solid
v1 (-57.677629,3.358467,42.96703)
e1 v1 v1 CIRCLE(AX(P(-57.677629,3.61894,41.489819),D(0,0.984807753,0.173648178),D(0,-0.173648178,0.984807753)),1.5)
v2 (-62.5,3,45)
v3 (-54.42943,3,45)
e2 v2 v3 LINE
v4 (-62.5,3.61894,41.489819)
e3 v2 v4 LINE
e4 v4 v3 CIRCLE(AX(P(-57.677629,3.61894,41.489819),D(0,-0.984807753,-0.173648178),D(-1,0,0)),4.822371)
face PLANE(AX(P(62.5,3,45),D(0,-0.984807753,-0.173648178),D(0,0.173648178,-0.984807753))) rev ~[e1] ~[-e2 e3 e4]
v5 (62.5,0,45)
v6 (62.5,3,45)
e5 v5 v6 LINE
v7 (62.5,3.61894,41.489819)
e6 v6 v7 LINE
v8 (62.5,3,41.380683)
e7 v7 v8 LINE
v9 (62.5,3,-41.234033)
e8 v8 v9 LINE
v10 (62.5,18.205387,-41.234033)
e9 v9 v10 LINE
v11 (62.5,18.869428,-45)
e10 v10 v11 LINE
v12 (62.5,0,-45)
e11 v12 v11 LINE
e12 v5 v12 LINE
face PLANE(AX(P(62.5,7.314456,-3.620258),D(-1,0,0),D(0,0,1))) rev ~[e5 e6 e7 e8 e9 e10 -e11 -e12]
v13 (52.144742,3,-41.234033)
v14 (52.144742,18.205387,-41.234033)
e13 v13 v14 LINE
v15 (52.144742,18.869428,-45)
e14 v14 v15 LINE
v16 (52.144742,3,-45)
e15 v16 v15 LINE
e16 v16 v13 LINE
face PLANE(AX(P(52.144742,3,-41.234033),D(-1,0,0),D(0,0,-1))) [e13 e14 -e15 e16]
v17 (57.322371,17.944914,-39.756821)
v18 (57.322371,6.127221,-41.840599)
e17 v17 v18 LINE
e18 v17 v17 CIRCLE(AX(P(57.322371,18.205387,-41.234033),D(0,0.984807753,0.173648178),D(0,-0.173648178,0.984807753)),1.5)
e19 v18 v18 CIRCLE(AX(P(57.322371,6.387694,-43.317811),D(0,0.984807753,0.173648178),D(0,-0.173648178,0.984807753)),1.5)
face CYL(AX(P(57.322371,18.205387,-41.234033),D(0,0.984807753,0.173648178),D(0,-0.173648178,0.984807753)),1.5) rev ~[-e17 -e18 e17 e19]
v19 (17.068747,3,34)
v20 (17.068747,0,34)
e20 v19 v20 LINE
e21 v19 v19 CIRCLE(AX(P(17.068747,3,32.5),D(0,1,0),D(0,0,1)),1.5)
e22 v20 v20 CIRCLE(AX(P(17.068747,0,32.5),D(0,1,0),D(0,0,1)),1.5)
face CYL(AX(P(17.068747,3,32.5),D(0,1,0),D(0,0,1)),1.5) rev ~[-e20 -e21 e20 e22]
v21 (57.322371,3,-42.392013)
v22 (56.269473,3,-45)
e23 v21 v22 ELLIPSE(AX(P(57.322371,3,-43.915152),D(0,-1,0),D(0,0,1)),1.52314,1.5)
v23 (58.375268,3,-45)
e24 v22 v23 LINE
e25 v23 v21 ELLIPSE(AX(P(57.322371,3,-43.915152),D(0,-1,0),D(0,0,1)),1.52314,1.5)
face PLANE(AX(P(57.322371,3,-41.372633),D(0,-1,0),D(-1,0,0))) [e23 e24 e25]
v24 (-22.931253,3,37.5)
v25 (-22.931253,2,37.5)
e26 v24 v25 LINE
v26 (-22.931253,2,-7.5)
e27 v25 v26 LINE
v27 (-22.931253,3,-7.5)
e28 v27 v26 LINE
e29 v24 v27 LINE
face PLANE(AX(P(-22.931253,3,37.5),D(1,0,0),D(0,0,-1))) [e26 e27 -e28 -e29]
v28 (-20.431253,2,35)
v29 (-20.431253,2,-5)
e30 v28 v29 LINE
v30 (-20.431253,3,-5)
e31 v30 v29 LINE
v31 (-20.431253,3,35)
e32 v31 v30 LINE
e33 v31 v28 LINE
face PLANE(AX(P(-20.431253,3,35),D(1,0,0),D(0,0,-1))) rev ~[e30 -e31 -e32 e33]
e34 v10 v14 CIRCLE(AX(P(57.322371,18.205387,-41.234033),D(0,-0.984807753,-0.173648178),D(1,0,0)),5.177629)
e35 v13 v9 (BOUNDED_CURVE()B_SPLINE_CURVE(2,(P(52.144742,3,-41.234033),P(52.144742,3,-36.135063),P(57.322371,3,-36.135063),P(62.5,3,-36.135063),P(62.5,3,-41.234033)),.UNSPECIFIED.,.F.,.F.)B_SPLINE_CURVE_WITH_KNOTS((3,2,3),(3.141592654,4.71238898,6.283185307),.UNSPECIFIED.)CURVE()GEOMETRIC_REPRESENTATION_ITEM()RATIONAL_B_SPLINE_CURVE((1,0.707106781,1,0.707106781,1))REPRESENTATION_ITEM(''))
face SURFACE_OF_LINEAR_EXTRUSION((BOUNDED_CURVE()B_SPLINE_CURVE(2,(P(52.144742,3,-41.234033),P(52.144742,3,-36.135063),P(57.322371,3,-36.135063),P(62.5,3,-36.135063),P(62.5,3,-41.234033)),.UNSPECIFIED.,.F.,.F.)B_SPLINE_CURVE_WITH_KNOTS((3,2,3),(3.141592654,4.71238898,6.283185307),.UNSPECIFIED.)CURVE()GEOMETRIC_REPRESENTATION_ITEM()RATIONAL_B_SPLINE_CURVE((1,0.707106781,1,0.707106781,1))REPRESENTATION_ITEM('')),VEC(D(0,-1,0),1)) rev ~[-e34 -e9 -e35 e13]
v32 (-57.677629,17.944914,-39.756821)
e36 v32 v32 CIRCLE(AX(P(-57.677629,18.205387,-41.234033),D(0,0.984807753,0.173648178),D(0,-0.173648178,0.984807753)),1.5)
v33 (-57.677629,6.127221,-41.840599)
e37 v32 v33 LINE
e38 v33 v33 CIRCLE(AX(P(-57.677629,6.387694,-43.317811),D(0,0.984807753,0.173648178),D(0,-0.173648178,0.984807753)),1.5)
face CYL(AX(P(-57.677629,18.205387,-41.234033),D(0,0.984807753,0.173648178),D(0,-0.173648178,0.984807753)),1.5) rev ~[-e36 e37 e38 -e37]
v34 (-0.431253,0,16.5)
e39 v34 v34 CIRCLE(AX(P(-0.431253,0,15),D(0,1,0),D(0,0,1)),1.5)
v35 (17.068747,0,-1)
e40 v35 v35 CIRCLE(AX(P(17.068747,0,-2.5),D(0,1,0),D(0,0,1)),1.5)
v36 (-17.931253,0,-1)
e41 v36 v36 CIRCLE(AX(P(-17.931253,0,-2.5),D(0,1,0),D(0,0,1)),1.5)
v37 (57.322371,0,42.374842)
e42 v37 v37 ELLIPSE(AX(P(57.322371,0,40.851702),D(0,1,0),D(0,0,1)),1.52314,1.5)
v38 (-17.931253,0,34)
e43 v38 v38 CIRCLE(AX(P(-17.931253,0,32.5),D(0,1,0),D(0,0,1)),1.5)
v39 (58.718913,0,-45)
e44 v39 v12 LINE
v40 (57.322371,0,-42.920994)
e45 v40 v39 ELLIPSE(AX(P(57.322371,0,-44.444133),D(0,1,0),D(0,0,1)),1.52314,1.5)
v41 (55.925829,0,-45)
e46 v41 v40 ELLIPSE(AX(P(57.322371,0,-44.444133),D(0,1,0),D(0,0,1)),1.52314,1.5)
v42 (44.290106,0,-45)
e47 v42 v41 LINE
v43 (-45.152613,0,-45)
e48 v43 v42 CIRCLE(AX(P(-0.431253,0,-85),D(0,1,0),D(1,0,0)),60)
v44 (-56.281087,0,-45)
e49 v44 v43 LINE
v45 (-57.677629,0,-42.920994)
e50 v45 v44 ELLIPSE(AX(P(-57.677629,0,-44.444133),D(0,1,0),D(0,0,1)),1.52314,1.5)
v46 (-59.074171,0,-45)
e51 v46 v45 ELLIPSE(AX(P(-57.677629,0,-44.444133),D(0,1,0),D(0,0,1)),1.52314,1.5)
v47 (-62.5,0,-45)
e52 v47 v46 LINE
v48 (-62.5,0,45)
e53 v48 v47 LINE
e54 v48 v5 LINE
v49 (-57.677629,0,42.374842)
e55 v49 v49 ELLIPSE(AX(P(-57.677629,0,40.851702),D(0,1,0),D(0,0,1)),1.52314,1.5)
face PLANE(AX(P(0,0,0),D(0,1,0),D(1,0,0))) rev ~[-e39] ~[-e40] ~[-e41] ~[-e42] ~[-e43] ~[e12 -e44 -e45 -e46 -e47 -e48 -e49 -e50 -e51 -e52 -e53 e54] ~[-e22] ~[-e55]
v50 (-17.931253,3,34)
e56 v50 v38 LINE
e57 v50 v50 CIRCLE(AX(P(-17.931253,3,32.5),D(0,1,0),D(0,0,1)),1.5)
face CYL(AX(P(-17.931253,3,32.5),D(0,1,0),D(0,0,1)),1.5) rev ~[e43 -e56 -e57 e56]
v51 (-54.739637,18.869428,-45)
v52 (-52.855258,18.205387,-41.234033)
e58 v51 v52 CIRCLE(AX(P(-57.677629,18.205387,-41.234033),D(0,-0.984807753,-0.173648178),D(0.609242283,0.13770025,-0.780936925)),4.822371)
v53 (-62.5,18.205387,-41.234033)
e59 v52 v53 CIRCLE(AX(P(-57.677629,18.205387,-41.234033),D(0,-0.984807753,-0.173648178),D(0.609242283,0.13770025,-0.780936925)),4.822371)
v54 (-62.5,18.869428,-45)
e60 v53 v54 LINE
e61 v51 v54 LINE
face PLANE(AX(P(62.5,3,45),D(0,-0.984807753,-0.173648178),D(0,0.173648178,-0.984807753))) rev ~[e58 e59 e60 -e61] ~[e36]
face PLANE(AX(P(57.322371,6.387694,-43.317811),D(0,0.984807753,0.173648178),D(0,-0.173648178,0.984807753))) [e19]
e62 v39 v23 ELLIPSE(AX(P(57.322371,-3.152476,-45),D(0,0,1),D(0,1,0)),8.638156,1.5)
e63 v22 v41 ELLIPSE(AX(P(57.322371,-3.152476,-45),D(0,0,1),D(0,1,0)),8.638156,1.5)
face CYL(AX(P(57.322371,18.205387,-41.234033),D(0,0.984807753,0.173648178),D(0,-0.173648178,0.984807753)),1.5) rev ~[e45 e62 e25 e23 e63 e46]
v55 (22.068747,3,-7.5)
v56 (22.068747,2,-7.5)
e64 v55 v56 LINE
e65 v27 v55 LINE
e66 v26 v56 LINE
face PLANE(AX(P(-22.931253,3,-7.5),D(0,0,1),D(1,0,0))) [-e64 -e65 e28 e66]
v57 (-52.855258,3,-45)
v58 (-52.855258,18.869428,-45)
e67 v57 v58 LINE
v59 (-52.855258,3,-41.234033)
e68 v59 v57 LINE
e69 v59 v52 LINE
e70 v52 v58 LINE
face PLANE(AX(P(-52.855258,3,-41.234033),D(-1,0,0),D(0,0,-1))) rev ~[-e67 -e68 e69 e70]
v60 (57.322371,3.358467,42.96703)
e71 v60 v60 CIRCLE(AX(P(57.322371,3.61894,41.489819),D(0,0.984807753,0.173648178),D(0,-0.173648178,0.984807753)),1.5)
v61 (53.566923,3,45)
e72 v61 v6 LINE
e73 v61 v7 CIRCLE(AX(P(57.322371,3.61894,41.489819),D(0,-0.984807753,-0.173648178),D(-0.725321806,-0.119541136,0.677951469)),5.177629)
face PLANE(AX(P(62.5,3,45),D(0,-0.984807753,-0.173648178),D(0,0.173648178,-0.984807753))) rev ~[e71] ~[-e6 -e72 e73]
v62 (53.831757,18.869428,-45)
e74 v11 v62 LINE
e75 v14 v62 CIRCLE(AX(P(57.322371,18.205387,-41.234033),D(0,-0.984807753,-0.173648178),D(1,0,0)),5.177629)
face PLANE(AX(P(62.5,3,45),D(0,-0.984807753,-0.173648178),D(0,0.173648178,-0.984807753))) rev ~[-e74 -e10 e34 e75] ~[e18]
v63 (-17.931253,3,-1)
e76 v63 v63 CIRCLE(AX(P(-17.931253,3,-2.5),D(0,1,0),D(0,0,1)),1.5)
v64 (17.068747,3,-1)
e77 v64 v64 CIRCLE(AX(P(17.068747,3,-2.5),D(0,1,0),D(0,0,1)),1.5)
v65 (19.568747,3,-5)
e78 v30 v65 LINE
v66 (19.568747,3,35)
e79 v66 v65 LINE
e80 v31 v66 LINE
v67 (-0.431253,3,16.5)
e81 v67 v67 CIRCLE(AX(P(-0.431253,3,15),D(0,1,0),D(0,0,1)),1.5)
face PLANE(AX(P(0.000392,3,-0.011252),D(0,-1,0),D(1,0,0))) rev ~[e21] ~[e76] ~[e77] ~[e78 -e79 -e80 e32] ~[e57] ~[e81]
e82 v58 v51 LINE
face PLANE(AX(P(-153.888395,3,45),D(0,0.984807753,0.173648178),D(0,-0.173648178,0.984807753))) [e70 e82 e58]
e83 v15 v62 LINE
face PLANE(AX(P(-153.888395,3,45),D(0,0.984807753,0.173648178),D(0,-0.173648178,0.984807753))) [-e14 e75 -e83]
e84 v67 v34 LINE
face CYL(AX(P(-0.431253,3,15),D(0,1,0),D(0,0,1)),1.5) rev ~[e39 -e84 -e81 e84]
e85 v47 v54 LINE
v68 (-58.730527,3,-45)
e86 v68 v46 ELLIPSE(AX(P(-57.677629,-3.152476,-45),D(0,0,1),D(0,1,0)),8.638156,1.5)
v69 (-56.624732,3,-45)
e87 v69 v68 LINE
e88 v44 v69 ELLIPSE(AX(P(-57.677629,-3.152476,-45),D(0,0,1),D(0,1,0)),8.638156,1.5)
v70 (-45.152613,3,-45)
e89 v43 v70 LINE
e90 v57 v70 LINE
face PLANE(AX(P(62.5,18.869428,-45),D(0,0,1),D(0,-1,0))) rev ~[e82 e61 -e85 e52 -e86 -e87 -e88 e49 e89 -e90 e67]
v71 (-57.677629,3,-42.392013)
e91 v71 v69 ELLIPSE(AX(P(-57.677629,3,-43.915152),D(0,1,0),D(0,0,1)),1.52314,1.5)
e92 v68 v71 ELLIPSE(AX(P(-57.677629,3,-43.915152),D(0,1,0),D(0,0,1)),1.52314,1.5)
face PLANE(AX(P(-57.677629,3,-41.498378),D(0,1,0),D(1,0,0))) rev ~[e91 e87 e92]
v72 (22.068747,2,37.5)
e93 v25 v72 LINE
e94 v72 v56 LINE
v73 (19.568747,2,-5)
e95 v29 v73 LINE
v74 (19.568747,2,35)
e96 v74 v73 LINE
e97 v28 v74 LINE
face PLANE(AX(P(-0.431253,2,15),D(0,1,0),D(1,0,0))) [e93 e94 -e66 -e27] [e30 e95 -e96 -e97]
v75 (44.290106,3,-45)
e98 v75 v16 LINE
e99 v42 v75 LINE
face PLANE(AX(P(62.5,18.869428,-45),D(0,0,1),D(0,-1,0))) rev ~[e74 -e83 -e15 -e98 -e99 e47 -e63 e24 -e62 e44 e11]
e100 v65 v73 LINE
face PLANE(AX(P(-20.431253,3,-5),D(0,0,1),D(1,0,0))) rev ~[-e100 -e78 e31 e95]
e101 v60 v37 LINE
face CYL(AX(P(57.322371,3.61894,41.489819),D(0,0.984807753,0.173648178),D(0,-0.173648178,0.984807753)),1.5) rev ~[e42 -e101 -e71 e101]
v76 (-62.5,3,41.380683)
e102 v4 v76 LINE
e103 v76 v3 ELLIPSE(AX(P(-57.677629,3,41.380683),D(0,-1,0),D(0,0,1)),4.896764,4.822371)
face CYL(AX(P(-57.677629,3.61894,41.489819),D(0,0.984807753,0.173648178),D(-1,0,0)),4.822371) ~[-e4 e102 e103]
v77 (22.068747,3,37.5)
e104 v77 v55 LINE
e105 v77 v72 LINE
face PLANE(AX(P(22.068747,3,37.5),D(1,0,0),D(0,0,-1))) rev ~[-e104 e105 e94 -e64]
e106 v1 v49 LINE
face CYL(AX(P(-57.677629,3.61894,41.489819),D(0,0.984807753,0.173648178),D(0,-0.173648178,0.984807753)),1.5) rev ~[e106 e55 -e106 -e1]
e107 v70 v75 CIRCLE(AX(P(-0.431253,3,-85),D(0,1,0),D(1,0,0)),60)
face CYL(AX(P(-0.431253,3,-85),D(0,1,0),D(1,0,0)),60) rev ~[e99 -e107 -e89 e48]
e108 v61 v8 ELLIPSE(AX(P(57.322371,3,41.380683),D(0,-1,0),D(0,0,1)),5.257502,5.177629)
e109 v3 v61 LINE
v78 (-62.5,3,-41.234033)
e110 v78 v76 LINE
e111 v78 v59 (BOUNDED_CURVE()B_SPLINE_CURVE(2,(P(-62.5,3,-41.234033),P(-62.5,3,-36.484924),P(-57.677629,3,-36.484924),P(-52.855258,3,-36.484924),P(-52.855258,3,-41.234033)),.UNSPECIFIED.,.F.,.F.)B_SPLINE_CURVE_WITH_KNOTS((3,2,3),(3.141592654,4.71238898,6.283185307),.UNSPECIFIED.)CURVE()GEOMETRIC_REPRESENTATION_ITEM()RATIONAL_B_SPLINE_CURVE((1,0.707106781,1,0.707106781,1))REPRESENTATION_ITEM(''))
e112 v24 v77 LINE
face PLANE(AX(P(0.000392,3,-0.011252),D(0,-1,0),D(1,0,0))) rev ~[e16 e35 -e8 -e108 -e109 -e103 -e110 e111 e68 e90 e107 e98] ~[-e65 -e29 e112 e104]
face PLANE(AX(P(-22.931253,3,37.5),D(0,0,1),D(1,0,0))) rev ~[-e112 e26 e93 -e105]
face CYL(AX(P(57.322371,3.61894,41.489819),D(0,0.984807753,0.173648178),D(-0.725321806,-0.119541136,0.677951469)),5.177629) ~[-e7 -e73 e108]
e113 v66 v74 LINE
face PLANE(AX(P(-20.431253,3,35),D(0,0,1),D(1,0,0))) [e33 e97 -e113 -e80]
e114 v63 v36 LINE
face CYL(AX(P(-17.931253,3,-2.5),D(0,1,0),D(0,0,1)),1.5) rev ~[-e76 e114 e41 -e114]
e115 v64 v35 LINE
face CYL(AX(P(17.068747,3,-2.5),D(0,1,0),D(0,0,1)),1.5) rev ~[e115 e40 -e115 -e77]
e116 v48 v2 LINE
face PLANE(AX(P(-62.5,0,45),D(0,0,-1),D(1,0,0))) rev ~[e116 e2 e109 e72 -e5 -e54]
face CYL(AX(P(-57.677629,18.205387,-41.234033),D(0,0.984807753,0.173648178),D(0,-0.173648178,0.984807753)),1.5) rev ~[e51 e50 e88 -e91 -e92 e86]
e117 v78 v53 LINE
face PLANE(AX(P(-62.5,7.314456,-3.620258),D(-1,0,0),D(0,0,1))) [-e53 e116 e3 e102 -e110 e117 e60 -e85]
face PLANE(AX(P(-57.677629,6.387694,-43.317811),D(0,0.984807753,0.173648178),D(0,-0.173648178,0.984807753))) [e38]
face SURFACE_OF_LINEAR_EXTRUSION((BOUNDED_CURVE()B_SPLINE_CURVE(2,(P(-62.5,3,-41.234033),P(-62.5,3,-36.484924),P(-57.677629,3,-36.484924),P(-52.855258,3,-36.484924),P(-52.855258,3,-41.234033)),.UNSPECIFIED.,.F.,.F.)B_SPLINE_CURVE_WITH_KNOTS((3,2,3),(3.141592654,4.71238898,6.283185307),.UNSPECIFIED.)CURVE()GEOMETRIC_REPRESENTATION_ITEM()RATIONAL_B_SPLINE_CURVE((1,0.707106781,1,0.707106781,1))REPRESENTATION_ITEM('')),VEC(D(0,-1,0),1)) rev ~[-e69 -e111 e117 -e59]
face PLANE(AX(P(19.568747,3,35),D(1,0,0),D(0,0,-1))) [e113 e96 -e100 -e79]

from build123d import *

# Parameters (mm, degrees)
SKETCH_1_W                        = 125
SKETCH_1_H                        = 90
EXTRUDE_1_DEPTH                   = 3
EXTRUDE_2_DEPTH                   = 125
SKETCH_4_R                        = 1.5
CUT_EXTRUDE_1_DEPTH               = 79.83849136
CUT_EXTRUDE_2_REACH               = 83.838
CUT_EXTRUDE_2_OFFSET_FROM_SURFACE = 3
SKETCH_7_R                        = 1.5
CUT_EXTRUDE_3_DEPTH               = 79.632618889
SKETCH_8_W                        = 45
SKETCH_8_H                        = 45
SKETCH_8_W_2                      = 40
SKETCH_8_H_2                      = 40
CUT_EXTRUDE_4_DEPTH               = 1
EXTRUDE_5_REACH                   = 80.633
SKETCH_13_R                       = 1.5
CUT_EXTRUDE_6_DEPTH               = 12
SKETCH_14_R                       = 60
CUT_EXTRUDE_11_DEPTH              = 10


with BuildPart() as part:
    # 草图1 → 凸台-拉伸1 (new body)
    with BuildSketch(Plane(origin=(0, 0, 0), x_dir=(1, 0, 0), z_dir=(0, 1, 0))):
        Rectangle(SKETCH_1_W, SKETCH_1_H)
    extrude(amount=EXTRUDE_1_DEPTH)

    # 草图3 → 凸台-拉伸2 (add)
    with BuildSketch(Plane(origin=(62.5, 0, 0), x_dir=(0, 0, -1), z_dir=(1, 0, 0))):
        Polygon((-45, 3), (45, 18.869428264), (45, 3), align=None)
    extrude(amount=-EXTRUDE_2_DEPTH)

    # 草图4 → 切除-拉伸1 (cut, through all)
    with BuildSketch(Plane(origin=(0, 10.604992156, 1.869946247), x_dir=(1, 0, 0), z_dir=(0, 0.9848077530122079, 0.1736481776669313))):
        with Locations(Location((-57.677629218, 43.768927189, 0), (0, 0, 270))):
            Circle(SKETCH_4_R)
        with Locations(Location((-57.677629218, -40.231072811, 0), (0, 0, 270))):
            Circle(SKETCH_4_R)
        with Locations(Location((57.322370782, -40.231072811, 0), (0, 0, 270))):
            Circle(SKETCH_4_R)
        with Locations(Location((57.322370782, 43.768927189, 0), (0, 0, 270))):
            Circle(SKETCH_4_R)
    extrude(amount=-CUT_EXTRUDE_1_DEPTH, mode=Mode.SUBTRACT)

    # 切除-拉伸2: up to this face of the body (flat: up to its plane, moved by the offset)
    cut_extrude_2_end = Plane(part.part.faces().sort_by_distance((0.00039232, 0, -0.011252097))[0]).offset(-CUT_EXTRUDE_2_OFFSET_FROM_SURFACE)
    # 草图6 → 切除-拉伸2 (cut, up to the picked face)
    with BuildSketch(Plane(origin=(0, 10.604992156, 1.869946247), x_dir=(1, 0, 0), z_dir=(0, 0.9848077530122079, 0.1736481776669313)), mode=Mode.PRIVATE) as cut_extrude_2_sk1:
        with BuildLine():
            Line((-62.5, 43.768927189), (-62.5, -40.231072811))
            ThreePointArc((-62.5, -40.231072811), (-55.729394488, -35.819764457), (-54.429429622, -43.795404353))
            Line((-54.429429622, -43.795404353), (53.566923407, -43.795404353))
            ThreePointArc((53.566923407, -43.795404353), (55.403578158, -35.422114588), (62.5, -40.231072811))
            Line((62.5, -40.231072811), (62.5, 43.768927189))
            ThreePointArc((62.5, 43.768927189), (55.232545192, 39.031789517), (53.831757304, 47.592990717))
            Line((53.831757304, 47.592990717), (-54.739637032, 47.592990717))
            ThreePointArc((-54.739637032, 47.592990717), (-55.54606028, 39.44322796), (-62.5, 43.768927189))
        make_face()
    cut_extrude_2_tool1 = split(extrude(cut_extrude_2_sk1.sketch, amount=-CUT_EXTRUDE_2_REACH, mode=Mode.PRIVATE), bisect_by=cut_extrude_2_end, keep=Keep.BOTH, mode=Mode.PRIVATE)
    add(cut_extrude_2_tool1.solids().sort_by(Axis((-0.081778, 10.93222, 0.014148), (0, -0.9848077530122079, -0.1736481776669313)))[0], mode=Mode.SUBTRACT)

    # 草图7 → 切除-拉伸3 (cut, through all)
    with BuildSketch(Plane(origin=(0, 3, 0), x_dir=(1, 0, 0), z_dir=(0, 1, 0))):
        with Locations(Location((-17.931253107, 2.5, 0), (0, 0, 270))):
            Circle(SKETCH_7_R)
        with Locations(Location((-17.931253107, -32.5, 0), (0, 0, 270))):
            Circle(SKETCH_7_R)
        with Locations(Location((17.068746893, 2.5, 0), (0, 0, 270))):
            Circle(SKETCH_7_R)
        with Locations(Location((17.068746893, -32.5, 0), (0, 0, 270))):
            Circle(SKETCH_7_R)
        with Locations(Location((-0.431253107, -15, 0), (0, 0, 270))):
            Circle(SKETCH_7_R)
    extrude(amount=-CUT_EXTRUDE_3_DEPTH, mode=Mode.SUBTRACT)

    # 草图8 → 切除-拉伸4 (cut)
    with BuildSketch(Plane(origin=(0, 3, 0), x_dir=(1, 0, 0), z_dir=(0, 1, 0))):
        with Locations((-0.431253107, -15)):
            Rectangle(SKETCH_8_W, SKETCH_8_H)
        with Locations((-0.431253107, -15)):
            Rectangle(SKETCH_8_W_2, SKETCH_8_H_2, mode=Mode.SUBTRACT)
    extrude(amount=-CUT_EXTRUDE_4_DEPTH, mode=Mode.SUBTRACT)

    # 凸台-拉伸5: up to this plane
    extrude_5_end = Plane(origin=(-153.88839507, 3, 45), z_dir=(0, 0.984807753012208, 0.17364817766693127))
    # 草图10 → 凸台-拉伸5 (add, up to the surface)
    with BuildSketch(Plane(origin=(0, 3, 0), x_dir=(1, 0, 0), z_dir=(0, 1, 0)), mode=Mode.PRIVATE) as extrude_5_sk1:
        with BuildLine():
            Line((-52.855258436, 41.234032589), (-52.855258436, 45))
            Line((-52.855258436, 45), (-62.5, 45))
            Line((-62.5, 45), (-62.5, 41.234032589))
            add(Edge.make_bspline(
                [(-62.5, 41.234032589), (-62.5, 36.484924456), (-57.677629218, 36.484924456), (-52.855258436, 36.484924456), (-52.855258436, 41.234032589)],
                knots=[3.141592654, 3.141592654, 3.141592654, 4.71238898, 4.71238898, 6.283185307, 6.283185307, 6.283185307], degree=2, weights=[1, 0.707106781, 1, 0.707106781, 1]))
        make_face()
    extrude_5_tool1 = split(extrude(extrude_5_sk1.sketch, amount=EXTRUDE_5_REACH, mode=Mode.PRIVATE), bisect_by=extrude_5_end, keep=Keep.BOTH, mode=Mode.PRIVATE)
    add(extrude_5_tool1.solids().sort_by_distance((-57.677629, 3, -41.177434))[0])
    # 草图10 → 凸台-拉伸5 (add, up to the surface)
    with BuildSketch(Plane(origin=(0, 3, 0), x_dir=(1, 0, 0), z_dir=(0, 1, 0)), mode=Mode.PRIVATE) as extrude_5_sk2:
        with BuildLine():
            Line((52.144741564, 41.234032589), (52.144741564, 45))
            Line((52.144741564, 45), (62.5, 45))
            Line((62.5, 45), (62.5, 41.234032589))
            add(Edge.make_bspline(
                [(52.144741564, 41.234032589), (52.144741564, 36.135063193), (57.322370782, 36.135063193), (62.5, 36.135063193), (62.5, 41.234032589)],
                knots=[3.141592654, 3.141592654, 3.141592654, 4.71238898, 4.71238898, 6.283185307, 6.283185307, 6.283185307], degree=2, weights=[1, 0.707106781, 1, 0.707106781, 1]))
        make_face()
    extrude_5_tool2 = split(extrude(extrude_5_sk2.sketch, amount=EXTRUDE_5_REACH, mode=Mode.PRIVATE), bisect_by=extrude_5_end, keep=Keep.BOTH, mode=Mode.PRIVATE)
    add(extrude_5_tool2.solids().sort_by_distance((57.322371, 3, -41.031678))[0])

    # 草图13 → 切除-拉伸6 (cut)
    with BuildSketch(Plane(origin=(0, 10.604992156, 1.869946247), x_dir=(1, 0, 0), z_dir=(0, 0.9848077530122079, 0.1736481776669313))):
        with Locations(Location((-57.677629218, 43.768927189, 0), (0, 0, 270))):
            Circle(SKETCH_13_R)
        with Locations(Location((57.322370782, 43.768927189, 0), (0, 0, 270))):
            Circle(SKETCH_13_R)
    extrude(amount=-CUT_EXTRUDE_6_DEPTH, mode=Mode.SUBTRACT)

    # 草图14 → 切除-拉伸11 (cut)
    with BuildSketch(Plane(origin=(0, 3, 0), x_dir=(1, 0, 0), z_dir=(0, 1, 0))):
        with Locations((-0.431253107, 85)):
            Circle(SKETCH_14_R)
    extrude(amount=-CUT_EXTRUDE_11_DEPTH, mode=Mode.SUBTRACT)


solid = part.part
